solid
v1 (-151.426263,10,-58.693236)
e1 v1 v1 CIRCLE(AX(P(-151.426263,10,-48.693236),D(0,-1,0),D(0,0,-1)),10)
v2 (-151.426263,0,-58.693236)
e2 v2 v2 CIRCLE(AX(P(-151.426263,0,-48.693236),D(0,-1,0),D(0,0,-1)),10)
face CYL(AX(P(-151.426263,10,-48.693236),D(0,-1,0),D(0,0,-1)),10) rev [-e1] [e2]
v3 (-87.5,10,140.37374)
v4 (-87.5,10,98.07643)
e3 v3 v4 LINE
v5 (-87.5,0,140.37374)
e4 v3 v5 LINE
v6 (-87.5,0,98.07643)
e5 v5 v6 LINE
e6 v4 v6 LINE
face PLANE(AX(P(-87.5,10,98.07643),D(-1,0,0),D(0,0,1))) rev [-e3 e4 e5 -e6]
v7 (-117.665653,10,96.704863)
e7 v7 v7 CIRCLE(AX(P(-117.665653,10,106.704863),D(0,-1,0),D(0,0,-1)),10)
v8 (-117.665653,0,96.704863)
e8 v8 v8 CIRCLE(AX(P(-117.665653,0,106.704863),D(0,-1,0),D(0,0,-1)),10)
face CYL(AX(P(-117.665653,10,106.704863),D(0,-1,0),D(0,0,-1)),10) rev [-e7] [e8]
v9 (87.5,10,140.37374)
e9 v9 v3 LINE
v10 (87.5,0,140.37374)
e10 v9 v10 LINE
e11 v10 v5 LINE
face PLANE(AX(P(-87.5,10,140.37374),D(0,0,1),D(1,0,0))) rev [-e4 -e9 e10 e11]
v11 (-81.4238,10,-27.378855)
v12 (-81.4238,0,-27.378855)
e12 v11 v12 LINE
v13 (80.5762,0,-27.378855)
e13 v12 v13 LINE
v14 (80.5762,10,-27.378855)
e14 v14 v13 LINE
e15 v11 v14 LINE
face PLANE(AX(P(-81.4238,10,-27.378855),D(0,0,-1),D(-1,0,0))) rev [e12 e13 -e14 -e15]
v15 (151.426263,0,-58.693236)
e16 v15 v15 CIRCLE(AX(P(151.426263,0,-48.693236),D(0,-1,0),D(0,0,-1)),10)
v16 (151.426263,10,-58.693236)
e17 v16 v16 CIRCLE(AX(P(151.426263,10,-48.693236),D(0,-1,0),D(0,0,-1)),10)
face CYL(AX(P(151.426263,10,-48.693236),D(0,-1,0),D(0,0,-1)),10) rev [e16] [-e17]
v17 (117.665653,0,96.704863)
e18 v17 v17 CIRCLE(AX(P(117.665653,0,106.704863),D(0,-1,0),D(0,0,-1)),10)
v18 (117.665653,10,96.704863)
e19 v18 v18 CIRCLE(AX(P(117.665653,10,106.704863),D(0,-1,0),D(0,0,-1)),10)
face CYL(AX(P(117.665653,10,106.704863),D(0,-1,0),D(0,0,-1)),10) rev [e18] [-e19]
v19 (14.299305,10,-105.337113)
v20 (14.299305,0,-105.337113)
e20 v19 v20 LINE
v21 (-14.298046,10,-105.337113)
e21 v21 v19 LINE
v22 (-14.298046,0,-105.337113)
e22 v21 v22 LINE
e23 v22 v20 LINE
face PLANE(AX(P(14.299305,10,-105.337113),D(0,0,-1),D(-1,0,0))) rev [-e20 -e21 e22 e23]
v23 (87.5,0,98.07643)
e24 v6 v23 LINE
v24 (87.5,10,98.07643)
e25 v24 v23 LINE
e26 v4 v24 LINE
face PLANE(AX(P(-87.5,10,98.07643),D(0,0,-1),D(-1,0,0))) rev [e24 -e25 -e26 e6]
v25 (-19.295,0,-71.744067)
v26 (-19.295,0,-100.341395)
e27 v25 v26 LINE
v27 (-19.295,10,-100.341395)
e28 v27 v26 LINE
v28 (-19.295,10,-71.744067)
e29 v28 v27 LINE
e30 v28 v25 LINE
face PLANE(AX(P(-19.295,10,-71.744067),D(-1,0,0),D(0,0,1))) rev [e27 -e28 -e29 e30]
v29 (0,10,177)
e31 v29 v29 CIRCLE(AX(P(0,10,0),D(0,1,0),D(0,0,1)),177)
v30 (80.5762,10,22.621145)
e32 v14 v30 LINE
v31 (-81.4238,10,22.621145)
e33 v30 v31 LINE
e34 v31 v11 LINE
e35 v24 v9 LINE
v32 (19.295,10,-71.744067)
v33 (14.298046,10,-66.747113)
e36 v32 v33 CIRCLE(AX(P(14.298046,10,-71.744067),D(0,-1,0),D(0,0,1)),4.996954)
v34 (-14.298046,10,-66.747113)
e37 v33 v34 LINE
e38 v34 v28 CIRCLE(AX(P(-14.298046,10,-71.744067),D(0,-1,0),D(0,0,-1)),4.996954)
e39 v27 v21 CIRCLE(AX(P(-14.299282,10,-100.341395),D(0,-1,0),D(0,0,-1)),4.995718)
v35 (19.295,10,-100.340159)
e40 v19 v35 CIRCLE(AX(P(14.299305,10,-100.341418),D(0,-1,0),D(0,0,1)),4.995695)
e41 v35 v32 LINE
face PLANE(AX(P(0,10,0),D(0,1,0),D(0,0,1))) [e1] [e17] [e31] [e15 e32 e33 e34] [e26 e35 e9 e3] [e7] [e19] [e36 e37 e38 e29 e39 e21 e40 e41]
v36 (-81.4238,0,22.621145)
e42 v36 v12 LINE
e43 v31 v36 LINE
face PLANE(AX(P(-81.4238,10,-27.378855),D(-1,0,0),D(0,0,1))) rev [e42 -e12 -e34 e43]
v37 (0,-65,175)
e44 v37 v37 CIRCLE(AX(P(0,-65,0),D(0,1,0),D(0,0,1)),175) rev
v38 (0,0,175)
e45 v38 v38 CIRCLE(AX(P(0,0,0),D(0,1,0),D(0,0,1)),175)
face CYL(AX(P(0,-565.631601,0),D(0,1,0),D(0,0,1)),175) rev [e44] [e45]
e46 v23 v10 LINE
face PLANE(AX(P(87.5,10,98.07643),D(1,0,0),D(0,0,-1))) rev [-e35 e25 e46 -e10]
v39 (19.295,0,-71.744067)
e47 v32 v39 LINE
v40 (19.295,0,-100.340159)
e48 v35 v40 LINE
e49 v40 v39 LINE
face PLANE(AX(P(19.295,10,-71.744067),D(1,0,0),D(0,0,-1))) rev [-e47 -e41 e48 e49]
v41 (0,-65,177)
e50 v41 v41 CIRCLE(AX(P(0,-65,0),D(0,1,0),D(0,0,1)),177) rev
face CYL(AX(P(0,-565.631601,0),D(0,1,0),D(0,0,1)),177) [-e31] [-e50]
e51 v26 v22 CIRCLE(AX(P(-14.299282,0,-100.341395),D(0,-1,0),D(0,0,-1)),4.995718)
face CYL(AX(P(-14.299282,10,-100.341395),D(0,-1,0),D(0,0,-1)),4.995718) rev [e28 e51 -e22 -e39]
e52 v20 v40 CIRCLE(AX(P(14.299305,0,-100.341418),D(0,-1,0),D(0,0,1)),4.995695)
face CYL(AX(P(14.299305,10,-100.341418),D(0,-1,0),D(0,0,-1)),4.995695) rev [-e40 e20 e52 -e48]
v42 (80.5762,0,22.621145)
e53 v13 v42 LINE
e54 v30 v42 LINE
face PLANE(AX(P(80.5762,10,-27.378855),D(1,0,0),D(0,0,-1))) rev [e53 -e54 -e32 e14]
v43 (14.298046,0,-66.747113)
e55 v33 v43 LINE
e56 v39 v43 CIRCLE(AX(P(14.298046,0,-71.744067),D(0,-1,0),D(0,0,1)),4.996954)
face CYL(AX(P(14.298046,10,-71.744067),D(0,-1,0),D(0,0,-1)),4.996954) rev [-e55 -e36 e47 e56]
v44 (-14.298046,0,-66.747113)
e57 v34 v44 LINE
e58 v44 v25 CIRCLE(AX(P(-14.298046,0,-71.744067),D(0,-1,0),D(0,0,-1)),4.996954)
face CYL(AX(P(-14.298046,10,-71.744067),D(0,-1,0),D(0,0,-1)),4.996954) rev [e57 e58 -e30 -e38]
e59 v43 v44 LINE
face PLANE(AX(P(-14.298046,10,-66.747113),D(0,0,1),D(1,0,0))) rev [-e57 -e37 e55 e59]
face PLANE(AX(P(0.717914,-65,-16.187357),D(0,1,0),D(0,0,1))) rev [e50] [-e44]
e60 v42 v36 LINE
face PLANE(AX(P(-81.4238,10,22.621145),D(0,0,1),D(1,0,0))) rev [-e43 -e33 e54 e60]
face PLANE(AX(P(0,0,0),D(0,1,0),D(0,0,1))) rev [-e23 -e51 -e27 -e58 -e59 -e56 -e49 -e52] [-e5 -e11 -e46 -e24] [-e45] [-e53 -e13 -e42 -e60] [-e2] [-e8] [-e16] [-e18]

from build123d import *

# Parameters (mm, degrees)
SKETCH1_R           = 175
BOSS_EXTRUDE1_DEPTH = 10
SKETCH3_R           = 10
SKETCH3_W           = 162
SKETCH3_H           = 50
SKETCH3_W_2         = 175
SKETCH3_H_2         = 42.297309852
CUT_EXTRUDE2_DEPTH  = 10
CUT_EXTRUDE3_DEPTH  = 10
BOSS_EXTRUDE2_START = -75
SKETCH5_R           = 177
SKETCH5_R_2         = 175
BOSS_EXTRUDE2_DEPTH = 75


with BuildPart() as part:
    # Sketch1 → Boss-Extrude1 (new body)
    with BuildSketch(Plane(origin=(0, 0, 0), x_dir=(1, 0, 0), z_dir=(0, 1, 0))):
        with Locations(Location((0, 0, 0), (0, 0, 270))):
            Circle(SKETCH1_R)
    extrude(amount=BOSS_EXTRUDE1_DEPTH)

    # Sketch3 → Cut-Extrude2 (cut)
    with BuildSketch(Plane.XZ):
        with Locations(Location((-117.665653332, 106.704862813, 0), (0, 0, 270))):
            Circle(SKETCH3_R)
        with Locations(Location((117.665653332, 106.704862813, 0), (0, 0, 270))):
            Circle(SKETCH3_R)
        with Locations(Location((151.426262726, -48.693236313, 0), (0, 0, 270))):
            Circle(SKETCH3_R)
        with Locations(Location((-151.426262726, -48.693236313, 0), (0, 0, 270))):
            Circle(SKETCH3_R)
        with Locations((-0.423800225, -2.37885536)):
            Rectangle(SKETCH3_W, SKETCH3_H)
        with Locations((0, 119.225084577)):
            Rectangle(SKETCH3_W_2, SKETCH3_H_2)
    extrude(amount=-CUT_EXTRUDE2_DEPTH, mode=Mode.SUBTRACT)

    # Sketch4 → Cut-Extrude3 (cut)
    with BuildSketch(Plane.XZ):
        with BuildLine():
            Line((-14.298045865, -66.747113031), (14.298045865, -66.747113031))
            ThreePointArc((14.298045865, -66.747113031), (17.831426019, -68.210687012), (19.295, -71.744067166))
            Line((19.295, -71.744067166), (19.295, -100.340158896))
            ThreePointArc((19.295, -100.340158896), (17.832240237, -103.873462582), (14.299305419, -105.337113031))
            Line((14.299305419, -105.337113031), (-14.298045712, -105.337113031))
            ThreePointArc((-14.298045712, -105.337113031), (-17.831350955, -103.874338314), (-19.295, -100.341395166))
            Line((-19.295, -100.341395166), (-19.295, -71.744067166))
            ThreePointArc((-19.295, -71.744067166), (-17.831426019, -68.210687012), (-14.298045865, -66.747113031))
        make_face()
    extrude(amount=-CUT_EXTRUDE3_DEPTH, mode=Mode.SUBTRACT)

    # Sketch5 → Boss-Extrude2 (add)
    with BuildSketch(Plane(origin=(0, 10, 0), x_dir=(1, 0, 0), z_dir=(0, 1, 0)).offset(BOSS_EXTRUDE2_START)):
        with Locations(Location((0, 0, 0), (0, 0, 270))):
            Circle(SKETCH5_R)
        with Locations(Location((0, 0, 0), (0, 0, 270))):
            Circle(SKETCH5_R_2, mode=Mode.SUBTRACT)
    extrude(amount=BOSS_EXTRUDE2_DEPTH)


solid = part.part
